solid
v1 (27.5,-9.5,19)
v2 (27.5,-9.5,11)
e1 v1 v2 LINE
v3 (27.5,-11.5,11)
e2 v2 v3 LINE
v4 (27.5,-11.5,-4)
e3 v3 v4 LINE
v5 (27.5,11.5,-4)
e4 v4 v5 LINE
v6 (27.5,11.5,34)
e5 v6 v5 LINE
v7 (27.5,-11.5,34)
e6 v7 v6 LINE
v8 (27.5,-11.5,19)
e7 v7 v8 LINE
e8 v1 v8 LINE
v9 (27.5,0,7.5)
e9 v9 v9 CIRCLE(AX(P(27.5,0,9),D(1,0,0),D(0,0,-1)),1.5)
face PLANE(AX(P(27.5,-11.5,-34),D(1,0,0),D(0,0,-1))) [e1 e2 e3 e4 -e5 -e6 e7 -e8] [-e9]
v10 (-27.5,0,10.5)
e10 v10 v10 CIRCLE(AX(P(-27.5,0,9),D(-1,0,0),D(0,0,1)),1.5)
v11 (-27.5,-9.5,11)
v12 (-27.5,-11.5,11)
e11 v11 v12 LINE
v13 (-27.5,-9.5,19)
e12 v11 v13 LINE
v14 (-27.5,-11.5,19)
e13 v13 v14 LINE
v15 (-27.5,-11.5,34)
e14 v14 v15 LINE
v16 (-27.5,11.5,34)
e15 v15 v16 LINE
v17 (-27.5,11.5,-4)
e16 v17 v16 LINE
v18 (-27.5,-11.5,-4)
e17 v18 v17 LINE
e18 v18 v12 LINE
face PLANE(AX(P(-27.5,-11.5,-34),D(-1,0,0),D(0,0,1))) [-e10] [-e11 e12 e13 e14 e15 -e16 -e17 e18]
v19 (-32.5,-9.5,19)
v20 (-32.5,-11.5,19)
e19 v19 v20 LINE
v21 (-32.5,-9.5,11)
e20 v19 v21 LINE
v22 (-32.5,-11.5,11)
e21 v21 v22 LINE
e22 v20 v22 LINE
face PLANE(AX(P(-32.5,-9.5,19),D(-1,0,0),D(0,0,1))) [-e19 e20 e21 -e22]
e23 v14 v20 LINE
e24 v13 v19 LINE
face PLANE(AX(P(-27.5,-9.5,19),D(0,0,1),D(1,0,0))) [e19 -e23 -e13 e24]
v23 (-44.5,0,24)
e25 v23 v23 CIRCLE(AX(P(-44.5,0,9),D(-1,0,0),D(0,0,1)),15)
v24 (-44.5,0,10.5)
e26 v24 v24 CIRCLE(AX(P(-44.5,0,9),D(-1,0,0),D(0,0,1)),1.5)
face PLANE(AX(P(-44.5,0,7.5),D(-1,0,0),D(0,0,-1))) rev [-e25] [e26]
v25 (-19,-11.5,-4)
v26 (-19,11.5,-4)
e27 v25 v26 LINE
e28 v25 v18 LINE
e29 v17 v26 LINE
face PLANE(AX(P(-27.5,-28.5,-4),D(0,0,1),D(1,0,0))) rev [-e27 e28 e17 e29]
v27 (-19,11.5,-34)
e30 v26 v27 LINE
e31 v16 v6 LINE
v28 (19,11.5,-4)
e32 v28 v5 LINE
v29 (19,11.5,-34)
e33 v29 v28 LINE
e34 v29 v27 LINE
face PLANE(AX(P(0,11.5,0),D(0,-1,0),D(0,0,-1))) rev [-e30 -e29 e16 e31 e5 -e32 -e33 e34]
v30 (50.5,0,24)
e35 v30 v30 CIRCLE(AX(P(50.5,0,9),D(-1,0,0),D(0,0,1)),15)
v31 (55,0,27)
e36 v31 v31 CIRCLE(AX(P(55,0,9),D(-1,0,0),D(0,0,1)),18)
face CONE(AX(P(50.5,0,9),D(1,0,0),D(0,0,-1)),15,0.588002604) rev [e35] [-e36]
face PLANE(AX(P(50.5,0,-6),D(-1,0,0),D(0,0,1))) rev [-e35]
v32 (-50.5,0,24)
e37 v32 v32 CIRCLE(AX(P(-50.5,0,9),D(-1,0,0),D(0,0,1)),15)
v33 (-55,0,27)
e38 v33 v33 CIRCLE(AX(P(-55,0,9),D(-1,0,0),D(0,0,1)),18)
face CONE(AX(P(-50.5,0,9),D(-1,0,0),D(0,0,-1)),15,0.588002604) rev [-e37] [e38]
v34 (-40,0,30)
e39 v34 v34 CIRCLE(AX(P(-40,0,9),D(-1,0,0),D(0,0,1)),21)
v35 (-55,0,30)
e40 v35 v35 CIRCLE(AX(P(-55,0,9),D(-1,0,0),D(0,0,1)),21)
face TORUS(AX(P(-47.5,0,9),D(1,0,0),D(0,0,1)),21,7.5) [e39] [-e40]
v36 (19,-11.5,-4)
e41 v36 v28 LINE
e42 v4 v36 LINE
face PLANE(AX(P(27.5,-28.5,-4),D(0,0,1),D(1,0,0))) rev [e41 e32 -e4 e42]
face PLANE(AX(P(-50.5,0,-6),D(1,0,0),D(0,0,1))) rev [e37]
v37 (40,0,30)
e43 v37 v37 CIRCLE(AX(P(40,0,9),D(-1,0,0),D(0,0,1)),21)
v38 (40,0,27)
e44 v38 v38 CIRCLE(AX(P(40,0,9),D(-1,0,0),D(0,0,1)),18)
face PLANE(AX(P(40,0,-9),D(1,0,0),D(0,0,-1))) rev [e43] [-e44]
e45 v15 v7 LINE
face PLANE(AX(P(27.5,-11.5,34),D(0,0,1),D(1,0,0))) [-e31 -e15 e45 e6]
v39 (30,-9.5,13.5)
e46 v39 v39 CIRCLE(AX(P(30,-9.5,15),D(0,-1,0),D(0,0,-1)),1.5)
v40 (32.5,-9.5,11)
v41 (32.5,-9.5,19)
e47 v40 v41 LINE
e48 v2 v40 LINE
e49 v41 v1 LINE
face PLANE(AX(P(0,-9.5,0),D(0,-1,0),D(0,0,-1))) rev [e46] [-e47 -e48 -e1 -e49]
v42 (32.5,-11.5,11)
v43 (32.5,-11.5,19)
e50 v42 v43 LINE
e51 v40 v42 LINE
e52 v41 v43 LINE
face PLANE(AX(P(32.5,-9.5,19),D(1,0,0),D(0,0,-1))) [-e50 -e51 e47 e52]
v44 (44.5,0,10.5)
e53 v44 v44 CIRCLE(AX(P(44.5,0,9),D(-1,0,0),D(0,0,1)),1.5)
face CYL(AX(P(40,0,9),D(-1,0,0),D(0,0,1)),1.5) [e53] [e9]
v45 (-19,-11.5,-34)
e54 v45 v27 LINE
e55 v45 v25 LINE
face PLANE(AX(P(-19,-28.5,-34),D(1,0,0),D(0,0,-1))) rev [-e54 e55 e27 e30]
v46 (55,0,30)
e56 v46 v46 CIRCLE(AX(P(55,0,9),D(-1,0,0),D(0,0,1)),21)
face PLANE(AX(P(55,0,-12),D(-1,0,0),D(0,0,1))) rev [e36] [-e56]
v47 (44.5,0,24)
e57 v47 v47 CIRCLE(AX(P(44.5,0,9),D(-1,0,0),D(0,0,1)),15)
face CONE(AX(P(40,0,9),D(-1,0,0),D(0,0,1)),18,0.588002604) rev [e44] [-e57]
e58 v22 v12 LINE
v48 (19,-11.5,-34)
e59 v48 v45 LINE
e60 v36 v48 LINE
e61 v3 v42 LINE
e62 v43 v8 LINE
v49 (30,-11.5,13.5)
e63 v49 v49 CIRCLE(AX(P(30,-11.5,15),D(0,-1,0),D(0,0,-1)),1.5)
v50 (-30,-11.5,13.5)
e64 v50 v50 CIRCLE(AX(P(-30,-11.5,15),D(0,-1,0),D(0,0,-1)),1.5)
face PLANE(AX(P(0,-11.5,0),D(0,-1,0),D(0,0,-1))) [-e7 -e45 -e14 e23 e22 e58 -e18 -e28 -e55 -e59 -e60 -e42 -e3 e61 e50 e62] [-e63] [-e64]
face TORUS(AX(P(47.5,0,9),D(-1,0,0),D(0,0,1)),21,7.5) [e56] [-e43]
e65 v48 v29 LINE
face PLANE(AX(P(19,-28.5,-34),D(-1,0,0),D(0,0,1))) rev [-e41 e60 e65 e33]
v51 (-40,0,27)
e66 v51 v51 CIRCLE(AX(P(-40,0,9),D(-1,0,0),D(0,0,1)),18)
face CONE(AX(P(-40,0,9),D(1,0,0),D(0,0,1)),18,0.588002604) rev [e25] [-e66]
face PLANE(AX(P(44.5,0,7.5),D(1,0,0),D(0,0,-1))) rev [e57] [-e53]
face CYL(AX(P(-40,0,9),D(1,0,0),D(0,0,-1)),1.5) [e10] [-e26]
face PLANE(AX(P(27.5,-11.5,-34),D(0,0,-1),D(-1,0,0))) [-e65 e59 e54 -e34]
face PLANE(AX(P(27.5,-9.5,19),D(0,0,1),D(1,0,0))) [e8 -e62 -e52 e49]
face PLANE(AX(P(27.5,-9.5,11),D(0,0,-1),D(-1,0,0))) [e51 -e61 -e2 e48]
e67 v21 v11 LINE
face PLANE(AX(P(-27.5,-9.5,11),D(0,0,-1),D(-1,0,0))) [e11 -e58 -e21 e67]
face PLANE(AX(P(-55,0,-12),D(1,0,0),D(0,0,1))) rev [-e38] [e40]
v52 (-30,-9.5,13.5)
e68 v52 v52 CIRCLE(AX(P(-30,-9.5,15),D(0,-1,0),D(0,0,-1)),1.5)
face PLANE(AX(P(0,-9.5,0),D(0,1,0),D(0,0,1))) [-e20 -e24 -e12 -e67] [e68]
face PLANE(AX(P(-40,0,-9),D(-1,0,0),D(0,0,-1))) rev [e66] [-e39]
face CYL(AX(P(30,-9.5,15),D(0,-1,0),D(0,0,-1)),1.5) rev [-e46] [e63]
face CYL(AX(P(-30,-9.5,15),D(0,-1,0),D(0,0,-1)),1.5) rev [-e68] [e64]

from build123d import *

# Parameters (mm, degrees)
BOSS_EXTRUDE1_DEPTH      = 11.5
BOSS_EXTRUDE1_DEPTH_BACK = 11.5
SKETCH1_W                = 55
SKETCH1_H                = 68
SKETCH2_R                = 1.5
BOSS_EXTRUDE2_DEPTH      = 12.5
SKETCH7_W                = 8.5
SKETCH7_H                = 30
CUT_EXTRUDE1_DEPTH       = 78.661122935
SKETCH8_W                = 5
SKETCH8_H                = 8
SKETCH8_R                = 1.5
BOSS_EXTRUDE3_DEPTH      = 2


with BuildPart() as part:
    # Sketch1 → Boss-Extrude1 (new, two sides: drawn at the far end of the back side and taken through both)
    with BuildSketch(Plane(origin=(0, 0, 0), x_dir=(1, 0, 0), z_dir=(0, 1, 0)).offset(-BOSS_EXTRUDE1_DEPTH_BACK)):
        Rectangle(SKETCH1_W, SKETCH1_H)
    extrude(amount=BOSS_EXTRUDE1_DEPTH + BOSS_EXTRUDE1_DEPTH_BACK)

    # Sketch2 → Boss-Extrude2 (add)
    with BuildSketch(Plane(origin=(27.5, 0, 0), x_dir=(0, 0, -1), z_dir=(1, 0, 0))):
        with Locations((-9, 0)):
            Circle(SKETCH2_R)
    boss_extrude2 = extrude(amount=BOSS_EXTRUDE2_DEPTH)

    # Sketch6 → Revolve1 (revolve)
    with BuildSketch(Plane(origin=(0, 0, 0), x_dir=(1, 0, 0), z_dir=(0, 1, 0))):
        with BuildLine():
            Line((40, -7.5), (44.5, -7.5))
            Line((44.5, -7.5), (44.5, 6))
            Line((44.5, 6), (40, 9))
            Line((40, 9), (40, 12))
            ThreePointArc((40, 12), (47.5, 19.5), (55, 12))
            Line((55, 12), (55, 9))
            Line((55, 9), (50.5, 6))
            Line((50.5, 6), (50.5, -9))
            Line((50.5, -9), (40, -9))
            Line((40, -9), (40, -7.5))
        make_face()
    revolve1 = revolve(axis=Axis((42.5, 0, 9), (1, 0, 0)))

    # Mirror1: Boss-Extrude2, Revolve1 across plane
    add(boss_extrude2.mirror(Plane(origin=(0, 0, 0), x_dir=(0, 0, 1), z_dir=(1, 0, 0))))
    add(revolve1.mirror(Plane(origin=(0, 0, 0), x_dir=(0, 0, 1), z_dir=(1, 0, 0))))

    # Sketch7 → Cut-Extrude1 (cut, through all)
    with BuildSketch(Plane(origin=(0, 11.5, 0), x_dir=(1, 0, 0), z_dir=(0, 1, 0))):
        with Locations((-23.25, 19)):
            Rectangle(SKETCH7_W, SKETCH7_H)
        with Locations((23.25, 19)):
            Rectangle(SKETCH7_W, SKETCH7_H)
    extrude(amount=-CUT_EXTRUDE1_DEPTH, mode=Mode.SUBTRACT)

    # Sketch8 → Boss-Extrude3 (add)
    # profile 1 of 2: a face of its own
    with BuildSketch(Plane.XZ.offset(11.5)):
        with Locations((-30, 15)):
            Rectangle(SKETCH8_W, SKETCH8_H)
        with Locations((-30, 15)):
            Circle(SKETCH8_R, mode=Mode.SUBTRACT)
    # profile 2 of 2: a face of its own
    with BuildSketch(Plane.XZ.offset(11.5)):
        with Locations((30, 15)):
            Rectangle(SKETCH8_W, SKETCH8_H)
        with Locations((30, 15)):
            Circle(SKETCH8_R, mode=Mode.SUBTRACT)
    extrude(amount=-BOSS_EXTRUDE3_DEPTH)


solid = part.part
